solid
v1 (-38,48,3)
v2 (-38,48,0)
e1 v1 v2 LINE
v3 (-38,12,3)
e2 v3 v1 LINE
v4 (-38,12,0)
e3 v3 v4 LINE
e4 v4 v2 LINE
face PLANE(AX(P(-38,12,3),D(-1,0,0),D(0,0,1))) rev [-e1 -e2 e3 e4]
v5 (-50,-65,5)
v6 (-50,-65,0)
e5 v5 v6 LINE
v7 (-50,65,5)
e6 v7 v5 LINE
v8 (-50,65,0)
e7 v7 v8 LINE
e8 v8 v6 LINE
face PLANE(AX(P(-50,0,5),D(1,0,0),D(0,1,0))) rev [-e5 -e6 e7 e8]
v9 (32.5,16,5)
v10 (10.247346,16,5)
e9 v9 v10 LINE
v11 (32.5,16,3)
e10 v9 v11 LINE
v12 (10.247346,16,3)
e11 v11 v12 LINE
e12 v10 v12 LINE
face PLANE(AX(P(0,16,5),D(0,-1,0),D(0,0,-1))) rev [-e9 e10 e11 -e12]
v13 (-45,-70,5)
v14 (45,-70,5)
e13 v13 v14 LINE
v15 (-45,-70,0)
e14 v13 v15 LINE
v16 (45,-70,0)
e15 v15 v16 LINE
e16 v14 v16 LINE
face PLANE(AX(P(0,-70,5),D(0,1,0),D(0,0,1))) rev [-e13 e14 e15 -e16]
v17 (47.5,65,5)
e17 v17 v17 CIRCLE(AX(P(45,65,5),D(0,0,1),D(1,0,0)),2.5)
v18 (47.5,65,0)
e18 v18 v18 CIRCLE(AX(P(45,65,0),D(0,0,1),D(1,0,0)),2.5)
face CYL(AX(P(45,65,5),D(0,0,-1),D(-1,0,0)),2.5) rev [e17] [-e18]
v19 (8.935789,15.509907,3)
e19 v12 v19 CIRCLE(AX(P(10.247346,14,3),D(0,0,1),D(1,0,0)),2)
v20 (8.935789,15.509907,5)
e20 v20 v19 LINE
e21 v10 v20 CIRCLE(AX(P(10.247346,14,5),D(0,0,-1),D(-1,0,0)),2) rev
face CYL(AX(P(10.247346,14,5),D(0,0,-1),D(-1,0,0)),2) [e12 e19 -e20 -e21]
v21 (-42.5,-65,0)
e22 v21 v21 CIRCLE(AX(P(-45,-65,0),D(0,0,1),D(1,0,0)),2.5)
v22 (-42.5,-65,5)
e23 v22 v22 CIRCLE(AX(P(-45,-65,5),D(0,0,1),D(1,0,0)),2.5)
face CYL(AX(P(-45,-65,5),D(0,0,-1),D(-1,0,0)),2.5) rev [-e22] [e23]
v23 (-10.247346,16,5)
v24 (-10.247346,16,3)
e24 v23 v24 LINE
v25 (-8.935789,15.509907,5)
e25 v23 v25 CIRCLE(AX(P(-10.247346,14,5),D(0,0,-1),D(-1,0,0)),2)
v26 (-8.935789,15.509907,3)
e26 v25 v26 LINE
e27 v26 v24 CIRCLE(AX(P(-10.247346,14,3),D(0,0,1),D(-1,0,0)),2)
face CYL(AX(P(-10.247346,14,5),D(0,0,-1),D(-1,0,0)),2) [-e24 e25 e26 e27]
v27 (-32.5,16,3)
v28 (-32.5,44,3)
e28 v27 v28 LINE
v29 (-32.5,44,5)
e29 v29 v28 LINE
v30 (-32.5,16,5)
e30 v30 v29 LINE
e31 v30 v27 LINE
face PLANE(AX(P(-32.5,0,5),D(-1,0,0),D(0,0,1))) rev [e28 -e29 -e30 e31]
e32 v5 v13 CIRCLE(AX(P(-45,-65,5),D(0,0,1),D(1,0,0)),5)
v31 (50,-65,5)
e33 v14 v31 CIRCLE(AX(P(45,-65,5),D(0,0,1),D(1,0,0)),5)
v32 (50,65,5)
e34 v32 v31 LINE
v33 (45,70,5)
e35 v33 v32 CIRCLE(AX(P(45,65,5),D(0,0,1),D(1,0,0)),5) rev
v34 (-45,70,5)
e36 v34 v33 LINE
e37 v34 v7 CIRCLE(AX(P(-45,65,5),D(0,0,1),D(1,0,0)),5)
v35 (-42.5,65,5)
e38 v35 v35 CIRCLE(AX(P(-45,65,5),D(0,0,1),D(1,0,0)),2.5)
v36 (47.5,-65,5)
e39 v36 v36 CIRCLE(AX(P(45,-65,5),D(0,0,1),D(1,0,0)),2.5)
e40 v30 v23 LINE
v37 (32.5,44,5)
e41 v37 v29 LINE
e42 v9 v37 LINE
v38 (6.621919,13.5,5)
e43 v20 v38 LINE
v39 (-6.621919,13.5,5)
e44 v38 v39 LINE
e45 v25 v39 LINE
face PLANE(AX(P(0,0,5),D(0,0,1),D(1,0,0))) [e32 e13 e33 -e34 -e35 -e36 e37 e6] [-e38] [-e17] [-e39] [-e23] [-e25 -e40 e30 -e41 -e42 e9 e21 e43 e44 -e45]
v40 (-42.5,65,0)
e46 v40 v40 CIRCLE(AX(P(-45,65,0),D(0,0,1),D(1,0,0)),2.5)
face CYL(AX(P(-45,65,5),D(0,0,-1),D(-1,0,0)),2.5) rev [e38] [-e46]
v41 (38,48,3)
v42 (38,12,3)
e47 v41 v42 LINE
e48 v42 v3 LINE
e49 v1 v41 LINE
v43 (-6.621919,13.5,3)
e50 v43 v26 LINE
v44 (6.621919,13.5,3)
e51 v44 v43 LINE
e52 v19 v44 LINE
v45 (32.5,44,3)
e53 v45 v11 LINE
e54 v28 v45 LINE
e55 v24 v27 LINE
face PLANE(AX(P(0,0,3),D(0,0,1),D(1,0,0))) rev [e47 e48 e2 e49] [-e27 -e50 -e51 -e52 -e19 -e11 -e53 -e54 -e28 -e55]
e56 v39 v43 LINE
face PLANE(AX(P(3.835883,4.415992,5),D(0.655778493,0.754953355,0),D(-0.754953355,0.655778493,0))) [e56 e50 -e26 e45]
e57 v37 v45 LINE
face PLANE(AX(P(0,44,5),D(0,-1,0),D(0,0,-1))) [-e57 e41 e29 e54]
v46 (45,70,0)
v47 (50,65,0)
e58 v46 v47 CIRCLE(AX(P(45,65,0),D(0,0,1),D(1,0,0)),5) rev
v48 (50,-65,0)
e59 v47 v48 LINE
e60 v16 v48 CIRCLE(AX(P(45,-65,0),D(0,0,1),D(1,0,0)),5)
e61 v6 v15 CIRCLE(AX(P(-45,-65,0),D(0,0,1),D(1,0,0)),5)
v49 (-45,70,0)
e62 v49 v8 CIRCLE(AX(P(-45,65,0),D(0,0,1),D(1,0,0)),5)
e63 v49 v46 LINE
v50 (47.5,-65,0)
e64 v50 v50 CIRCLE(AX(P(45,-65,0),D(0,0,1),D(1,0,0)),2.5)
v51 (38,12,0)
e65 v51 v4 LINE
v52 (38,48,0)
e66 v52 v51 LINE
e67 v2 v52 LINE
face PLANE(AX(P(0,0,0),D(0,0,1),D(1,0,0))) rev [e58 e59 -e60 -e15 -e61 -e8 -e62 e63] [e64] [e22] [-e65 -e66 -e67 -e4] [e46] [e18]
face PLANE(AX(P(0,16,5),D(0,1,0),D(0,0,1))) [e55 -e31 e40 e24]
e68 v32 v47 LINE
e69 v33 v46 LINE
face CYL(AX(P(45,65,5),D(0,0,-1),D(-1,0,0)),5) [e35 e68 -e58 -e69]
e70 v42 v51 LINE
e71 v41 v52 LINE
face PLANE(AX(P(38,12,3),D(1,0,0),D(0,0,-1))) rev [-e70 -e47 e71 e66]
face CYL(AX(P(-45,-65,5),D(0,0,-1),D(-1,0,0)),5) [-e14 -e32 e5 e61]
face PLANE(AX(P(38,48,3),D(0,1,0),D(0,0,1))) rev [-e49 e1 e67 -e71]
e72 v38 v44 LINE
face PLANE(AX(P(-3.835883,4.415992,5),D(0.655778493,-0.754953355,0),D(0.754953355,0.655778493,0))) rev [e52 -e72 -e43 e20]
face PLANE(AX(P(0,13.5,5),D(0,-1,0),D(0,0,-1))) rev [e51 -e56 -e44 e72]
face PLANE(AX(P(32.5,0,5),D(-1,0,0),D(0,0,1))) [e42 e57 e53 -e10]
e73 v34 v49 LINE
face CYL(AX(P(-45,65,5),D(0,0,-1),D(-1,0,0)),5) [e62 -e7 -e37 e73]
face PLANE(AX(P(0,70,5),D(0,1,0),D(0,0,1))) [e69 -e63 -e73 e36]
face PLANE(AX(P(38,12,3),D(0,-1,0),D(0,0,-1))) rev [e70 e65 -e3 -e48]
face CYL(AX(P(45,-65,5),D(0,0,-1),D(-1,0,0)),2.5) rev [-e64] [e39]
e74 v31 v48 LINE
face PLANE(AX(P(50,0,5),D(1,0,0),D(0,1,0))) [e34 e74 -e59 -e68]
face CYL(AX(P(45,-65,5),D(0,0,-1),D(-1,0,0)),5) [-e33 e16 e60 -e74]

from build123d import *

# Parameters (mm, degrees)
SKETCH1_R           = 2.5
BOSS_EXTRUDE1_DEPTH = 5
CUT_EXTRUDE1_DEPTH  = 5
SKETCH2_4_W         = 76
SKETCH2_4_H         = 36
CUT_EXTRUDE2_DEPTH  = 3


with BuildPart() as part:
    # Sketch1 → Boss-Extrude1 (new body)
    with BuildSketch(Plane.XY):
        with BuildLine():
            Line((45, 70), (-45, 70))
            ThreePointArc((-45, 70), (-48.535533906, 68.535533906), (-50, 65))
            Line((-50, 65), (-50, -65))
            ThreePointArc((-50, -65), (-48.535533906, -68.535533906), (-45, -70))
            Line((-45, -70), (45, -70))
            ThreePointArc((45, -70), (48.535533906, -68.535533906), (50, -65))
            Line((50, -65), (50, 65))
            ThreePointArc((50, 65), (48.535533906, 68.535533906), (45, 70))
        make_face()
        with Locations((-45, -65)):
            Circle(SKETCH1_R, mode=Mode.SUBTRACT)
        with Locations((45, -65)):
            Circle(SKETCH1_R, mode=Mode.SUBTRACT)
        with Locations((45, 65)):
            Circle(SKETCH1_R, mode=Mode.SUBTRACT)
        with Locations((-45, 65)):
            Circle(SKETCH1_R, mode=Mode.SUBTRACT)
    extrude(amount=BOSS_EXTRUDE1_DEPTH)

    # Sketch2 → Cut-Extrude1 (cut)
    with BuildSketch(Plane(origin=(0, 0, 0), x_dir=(-1, 0, 0), z_dir=(0, 0, -1))):
        with BuildLine():
            ThreePointArc((-10.247345781, 16), (-9.547279148, 15.873474502), (-8.935788795, 15.50990671))
            Line((-8.935788795, 15.50990671), (-6.621919354, 13.5))
            Line((-6.621919354, 13.5), (6.621919354, 13.5))
            Line((6.621919354, 13.5), (8.935788795, 15.50990671))
            ThreePointArc((8.935788795, 15.50990671), (9.547279148, 15.873474502), (10.247345781, 16))
            Line((10.247345781, 16), (32.5, 16))
            Line((32.5, 16), (32.5, 44))
            Line((32.5, 44), (-32.5, 44))
            Line((-32.5, 44), (-32.5, 16))
            Line((-32.5, 16), (-10.247345781, 16))
        make_face()
    extrude(amount=-CUT_EXTRUDE1_DEPTH, mode=Mode.SUBTRACT)

    # Sketch2<4> → Cut-Extrude2 (cut)
    with BuildSketch(Plane(origin=(0, 0, 0), x_dir=(-1, 0, 0), z_dir=(0, 0, -1))):
        with Locations((0, 30)):
            Rectangle(SKETCH2_4_W, SKETCH2_4_H)
        with BuildLine():
            Line((-8.935788795, 15.50990671), (-6.621919354, 13.5))
            Line((-6.621919354, 13.5), (6.621919354, 13.5))
            Line((6.621919354, 13.5), (8.935788795, 15.50990671))
            ThreePointArc((8.935788795, 15.50990671), (9.547279148, 15.873474502), (10.247345781, 16))
            Line((10.247345781, 16), (32.5, 16))
            Line((32.5, 16), (32.5, 44))
            Line((32.5, 44), (-32.5, 44))
            Line((-32.5, 44), (-32.5, 16))
            Line((-32.5, 16), (-10.247345781, 16))
            ThreePointArc((-10.247345781, 16), (-9.547279148, 15.873474502), (-8.935788795, 15.50990671))
        make_face(mode=Mode.SUBTRACT)
    extrude(amount=-CUT_EXTRUDE2_DEPTH, mode=Mode.SUBTRACT)


solid = part.part
